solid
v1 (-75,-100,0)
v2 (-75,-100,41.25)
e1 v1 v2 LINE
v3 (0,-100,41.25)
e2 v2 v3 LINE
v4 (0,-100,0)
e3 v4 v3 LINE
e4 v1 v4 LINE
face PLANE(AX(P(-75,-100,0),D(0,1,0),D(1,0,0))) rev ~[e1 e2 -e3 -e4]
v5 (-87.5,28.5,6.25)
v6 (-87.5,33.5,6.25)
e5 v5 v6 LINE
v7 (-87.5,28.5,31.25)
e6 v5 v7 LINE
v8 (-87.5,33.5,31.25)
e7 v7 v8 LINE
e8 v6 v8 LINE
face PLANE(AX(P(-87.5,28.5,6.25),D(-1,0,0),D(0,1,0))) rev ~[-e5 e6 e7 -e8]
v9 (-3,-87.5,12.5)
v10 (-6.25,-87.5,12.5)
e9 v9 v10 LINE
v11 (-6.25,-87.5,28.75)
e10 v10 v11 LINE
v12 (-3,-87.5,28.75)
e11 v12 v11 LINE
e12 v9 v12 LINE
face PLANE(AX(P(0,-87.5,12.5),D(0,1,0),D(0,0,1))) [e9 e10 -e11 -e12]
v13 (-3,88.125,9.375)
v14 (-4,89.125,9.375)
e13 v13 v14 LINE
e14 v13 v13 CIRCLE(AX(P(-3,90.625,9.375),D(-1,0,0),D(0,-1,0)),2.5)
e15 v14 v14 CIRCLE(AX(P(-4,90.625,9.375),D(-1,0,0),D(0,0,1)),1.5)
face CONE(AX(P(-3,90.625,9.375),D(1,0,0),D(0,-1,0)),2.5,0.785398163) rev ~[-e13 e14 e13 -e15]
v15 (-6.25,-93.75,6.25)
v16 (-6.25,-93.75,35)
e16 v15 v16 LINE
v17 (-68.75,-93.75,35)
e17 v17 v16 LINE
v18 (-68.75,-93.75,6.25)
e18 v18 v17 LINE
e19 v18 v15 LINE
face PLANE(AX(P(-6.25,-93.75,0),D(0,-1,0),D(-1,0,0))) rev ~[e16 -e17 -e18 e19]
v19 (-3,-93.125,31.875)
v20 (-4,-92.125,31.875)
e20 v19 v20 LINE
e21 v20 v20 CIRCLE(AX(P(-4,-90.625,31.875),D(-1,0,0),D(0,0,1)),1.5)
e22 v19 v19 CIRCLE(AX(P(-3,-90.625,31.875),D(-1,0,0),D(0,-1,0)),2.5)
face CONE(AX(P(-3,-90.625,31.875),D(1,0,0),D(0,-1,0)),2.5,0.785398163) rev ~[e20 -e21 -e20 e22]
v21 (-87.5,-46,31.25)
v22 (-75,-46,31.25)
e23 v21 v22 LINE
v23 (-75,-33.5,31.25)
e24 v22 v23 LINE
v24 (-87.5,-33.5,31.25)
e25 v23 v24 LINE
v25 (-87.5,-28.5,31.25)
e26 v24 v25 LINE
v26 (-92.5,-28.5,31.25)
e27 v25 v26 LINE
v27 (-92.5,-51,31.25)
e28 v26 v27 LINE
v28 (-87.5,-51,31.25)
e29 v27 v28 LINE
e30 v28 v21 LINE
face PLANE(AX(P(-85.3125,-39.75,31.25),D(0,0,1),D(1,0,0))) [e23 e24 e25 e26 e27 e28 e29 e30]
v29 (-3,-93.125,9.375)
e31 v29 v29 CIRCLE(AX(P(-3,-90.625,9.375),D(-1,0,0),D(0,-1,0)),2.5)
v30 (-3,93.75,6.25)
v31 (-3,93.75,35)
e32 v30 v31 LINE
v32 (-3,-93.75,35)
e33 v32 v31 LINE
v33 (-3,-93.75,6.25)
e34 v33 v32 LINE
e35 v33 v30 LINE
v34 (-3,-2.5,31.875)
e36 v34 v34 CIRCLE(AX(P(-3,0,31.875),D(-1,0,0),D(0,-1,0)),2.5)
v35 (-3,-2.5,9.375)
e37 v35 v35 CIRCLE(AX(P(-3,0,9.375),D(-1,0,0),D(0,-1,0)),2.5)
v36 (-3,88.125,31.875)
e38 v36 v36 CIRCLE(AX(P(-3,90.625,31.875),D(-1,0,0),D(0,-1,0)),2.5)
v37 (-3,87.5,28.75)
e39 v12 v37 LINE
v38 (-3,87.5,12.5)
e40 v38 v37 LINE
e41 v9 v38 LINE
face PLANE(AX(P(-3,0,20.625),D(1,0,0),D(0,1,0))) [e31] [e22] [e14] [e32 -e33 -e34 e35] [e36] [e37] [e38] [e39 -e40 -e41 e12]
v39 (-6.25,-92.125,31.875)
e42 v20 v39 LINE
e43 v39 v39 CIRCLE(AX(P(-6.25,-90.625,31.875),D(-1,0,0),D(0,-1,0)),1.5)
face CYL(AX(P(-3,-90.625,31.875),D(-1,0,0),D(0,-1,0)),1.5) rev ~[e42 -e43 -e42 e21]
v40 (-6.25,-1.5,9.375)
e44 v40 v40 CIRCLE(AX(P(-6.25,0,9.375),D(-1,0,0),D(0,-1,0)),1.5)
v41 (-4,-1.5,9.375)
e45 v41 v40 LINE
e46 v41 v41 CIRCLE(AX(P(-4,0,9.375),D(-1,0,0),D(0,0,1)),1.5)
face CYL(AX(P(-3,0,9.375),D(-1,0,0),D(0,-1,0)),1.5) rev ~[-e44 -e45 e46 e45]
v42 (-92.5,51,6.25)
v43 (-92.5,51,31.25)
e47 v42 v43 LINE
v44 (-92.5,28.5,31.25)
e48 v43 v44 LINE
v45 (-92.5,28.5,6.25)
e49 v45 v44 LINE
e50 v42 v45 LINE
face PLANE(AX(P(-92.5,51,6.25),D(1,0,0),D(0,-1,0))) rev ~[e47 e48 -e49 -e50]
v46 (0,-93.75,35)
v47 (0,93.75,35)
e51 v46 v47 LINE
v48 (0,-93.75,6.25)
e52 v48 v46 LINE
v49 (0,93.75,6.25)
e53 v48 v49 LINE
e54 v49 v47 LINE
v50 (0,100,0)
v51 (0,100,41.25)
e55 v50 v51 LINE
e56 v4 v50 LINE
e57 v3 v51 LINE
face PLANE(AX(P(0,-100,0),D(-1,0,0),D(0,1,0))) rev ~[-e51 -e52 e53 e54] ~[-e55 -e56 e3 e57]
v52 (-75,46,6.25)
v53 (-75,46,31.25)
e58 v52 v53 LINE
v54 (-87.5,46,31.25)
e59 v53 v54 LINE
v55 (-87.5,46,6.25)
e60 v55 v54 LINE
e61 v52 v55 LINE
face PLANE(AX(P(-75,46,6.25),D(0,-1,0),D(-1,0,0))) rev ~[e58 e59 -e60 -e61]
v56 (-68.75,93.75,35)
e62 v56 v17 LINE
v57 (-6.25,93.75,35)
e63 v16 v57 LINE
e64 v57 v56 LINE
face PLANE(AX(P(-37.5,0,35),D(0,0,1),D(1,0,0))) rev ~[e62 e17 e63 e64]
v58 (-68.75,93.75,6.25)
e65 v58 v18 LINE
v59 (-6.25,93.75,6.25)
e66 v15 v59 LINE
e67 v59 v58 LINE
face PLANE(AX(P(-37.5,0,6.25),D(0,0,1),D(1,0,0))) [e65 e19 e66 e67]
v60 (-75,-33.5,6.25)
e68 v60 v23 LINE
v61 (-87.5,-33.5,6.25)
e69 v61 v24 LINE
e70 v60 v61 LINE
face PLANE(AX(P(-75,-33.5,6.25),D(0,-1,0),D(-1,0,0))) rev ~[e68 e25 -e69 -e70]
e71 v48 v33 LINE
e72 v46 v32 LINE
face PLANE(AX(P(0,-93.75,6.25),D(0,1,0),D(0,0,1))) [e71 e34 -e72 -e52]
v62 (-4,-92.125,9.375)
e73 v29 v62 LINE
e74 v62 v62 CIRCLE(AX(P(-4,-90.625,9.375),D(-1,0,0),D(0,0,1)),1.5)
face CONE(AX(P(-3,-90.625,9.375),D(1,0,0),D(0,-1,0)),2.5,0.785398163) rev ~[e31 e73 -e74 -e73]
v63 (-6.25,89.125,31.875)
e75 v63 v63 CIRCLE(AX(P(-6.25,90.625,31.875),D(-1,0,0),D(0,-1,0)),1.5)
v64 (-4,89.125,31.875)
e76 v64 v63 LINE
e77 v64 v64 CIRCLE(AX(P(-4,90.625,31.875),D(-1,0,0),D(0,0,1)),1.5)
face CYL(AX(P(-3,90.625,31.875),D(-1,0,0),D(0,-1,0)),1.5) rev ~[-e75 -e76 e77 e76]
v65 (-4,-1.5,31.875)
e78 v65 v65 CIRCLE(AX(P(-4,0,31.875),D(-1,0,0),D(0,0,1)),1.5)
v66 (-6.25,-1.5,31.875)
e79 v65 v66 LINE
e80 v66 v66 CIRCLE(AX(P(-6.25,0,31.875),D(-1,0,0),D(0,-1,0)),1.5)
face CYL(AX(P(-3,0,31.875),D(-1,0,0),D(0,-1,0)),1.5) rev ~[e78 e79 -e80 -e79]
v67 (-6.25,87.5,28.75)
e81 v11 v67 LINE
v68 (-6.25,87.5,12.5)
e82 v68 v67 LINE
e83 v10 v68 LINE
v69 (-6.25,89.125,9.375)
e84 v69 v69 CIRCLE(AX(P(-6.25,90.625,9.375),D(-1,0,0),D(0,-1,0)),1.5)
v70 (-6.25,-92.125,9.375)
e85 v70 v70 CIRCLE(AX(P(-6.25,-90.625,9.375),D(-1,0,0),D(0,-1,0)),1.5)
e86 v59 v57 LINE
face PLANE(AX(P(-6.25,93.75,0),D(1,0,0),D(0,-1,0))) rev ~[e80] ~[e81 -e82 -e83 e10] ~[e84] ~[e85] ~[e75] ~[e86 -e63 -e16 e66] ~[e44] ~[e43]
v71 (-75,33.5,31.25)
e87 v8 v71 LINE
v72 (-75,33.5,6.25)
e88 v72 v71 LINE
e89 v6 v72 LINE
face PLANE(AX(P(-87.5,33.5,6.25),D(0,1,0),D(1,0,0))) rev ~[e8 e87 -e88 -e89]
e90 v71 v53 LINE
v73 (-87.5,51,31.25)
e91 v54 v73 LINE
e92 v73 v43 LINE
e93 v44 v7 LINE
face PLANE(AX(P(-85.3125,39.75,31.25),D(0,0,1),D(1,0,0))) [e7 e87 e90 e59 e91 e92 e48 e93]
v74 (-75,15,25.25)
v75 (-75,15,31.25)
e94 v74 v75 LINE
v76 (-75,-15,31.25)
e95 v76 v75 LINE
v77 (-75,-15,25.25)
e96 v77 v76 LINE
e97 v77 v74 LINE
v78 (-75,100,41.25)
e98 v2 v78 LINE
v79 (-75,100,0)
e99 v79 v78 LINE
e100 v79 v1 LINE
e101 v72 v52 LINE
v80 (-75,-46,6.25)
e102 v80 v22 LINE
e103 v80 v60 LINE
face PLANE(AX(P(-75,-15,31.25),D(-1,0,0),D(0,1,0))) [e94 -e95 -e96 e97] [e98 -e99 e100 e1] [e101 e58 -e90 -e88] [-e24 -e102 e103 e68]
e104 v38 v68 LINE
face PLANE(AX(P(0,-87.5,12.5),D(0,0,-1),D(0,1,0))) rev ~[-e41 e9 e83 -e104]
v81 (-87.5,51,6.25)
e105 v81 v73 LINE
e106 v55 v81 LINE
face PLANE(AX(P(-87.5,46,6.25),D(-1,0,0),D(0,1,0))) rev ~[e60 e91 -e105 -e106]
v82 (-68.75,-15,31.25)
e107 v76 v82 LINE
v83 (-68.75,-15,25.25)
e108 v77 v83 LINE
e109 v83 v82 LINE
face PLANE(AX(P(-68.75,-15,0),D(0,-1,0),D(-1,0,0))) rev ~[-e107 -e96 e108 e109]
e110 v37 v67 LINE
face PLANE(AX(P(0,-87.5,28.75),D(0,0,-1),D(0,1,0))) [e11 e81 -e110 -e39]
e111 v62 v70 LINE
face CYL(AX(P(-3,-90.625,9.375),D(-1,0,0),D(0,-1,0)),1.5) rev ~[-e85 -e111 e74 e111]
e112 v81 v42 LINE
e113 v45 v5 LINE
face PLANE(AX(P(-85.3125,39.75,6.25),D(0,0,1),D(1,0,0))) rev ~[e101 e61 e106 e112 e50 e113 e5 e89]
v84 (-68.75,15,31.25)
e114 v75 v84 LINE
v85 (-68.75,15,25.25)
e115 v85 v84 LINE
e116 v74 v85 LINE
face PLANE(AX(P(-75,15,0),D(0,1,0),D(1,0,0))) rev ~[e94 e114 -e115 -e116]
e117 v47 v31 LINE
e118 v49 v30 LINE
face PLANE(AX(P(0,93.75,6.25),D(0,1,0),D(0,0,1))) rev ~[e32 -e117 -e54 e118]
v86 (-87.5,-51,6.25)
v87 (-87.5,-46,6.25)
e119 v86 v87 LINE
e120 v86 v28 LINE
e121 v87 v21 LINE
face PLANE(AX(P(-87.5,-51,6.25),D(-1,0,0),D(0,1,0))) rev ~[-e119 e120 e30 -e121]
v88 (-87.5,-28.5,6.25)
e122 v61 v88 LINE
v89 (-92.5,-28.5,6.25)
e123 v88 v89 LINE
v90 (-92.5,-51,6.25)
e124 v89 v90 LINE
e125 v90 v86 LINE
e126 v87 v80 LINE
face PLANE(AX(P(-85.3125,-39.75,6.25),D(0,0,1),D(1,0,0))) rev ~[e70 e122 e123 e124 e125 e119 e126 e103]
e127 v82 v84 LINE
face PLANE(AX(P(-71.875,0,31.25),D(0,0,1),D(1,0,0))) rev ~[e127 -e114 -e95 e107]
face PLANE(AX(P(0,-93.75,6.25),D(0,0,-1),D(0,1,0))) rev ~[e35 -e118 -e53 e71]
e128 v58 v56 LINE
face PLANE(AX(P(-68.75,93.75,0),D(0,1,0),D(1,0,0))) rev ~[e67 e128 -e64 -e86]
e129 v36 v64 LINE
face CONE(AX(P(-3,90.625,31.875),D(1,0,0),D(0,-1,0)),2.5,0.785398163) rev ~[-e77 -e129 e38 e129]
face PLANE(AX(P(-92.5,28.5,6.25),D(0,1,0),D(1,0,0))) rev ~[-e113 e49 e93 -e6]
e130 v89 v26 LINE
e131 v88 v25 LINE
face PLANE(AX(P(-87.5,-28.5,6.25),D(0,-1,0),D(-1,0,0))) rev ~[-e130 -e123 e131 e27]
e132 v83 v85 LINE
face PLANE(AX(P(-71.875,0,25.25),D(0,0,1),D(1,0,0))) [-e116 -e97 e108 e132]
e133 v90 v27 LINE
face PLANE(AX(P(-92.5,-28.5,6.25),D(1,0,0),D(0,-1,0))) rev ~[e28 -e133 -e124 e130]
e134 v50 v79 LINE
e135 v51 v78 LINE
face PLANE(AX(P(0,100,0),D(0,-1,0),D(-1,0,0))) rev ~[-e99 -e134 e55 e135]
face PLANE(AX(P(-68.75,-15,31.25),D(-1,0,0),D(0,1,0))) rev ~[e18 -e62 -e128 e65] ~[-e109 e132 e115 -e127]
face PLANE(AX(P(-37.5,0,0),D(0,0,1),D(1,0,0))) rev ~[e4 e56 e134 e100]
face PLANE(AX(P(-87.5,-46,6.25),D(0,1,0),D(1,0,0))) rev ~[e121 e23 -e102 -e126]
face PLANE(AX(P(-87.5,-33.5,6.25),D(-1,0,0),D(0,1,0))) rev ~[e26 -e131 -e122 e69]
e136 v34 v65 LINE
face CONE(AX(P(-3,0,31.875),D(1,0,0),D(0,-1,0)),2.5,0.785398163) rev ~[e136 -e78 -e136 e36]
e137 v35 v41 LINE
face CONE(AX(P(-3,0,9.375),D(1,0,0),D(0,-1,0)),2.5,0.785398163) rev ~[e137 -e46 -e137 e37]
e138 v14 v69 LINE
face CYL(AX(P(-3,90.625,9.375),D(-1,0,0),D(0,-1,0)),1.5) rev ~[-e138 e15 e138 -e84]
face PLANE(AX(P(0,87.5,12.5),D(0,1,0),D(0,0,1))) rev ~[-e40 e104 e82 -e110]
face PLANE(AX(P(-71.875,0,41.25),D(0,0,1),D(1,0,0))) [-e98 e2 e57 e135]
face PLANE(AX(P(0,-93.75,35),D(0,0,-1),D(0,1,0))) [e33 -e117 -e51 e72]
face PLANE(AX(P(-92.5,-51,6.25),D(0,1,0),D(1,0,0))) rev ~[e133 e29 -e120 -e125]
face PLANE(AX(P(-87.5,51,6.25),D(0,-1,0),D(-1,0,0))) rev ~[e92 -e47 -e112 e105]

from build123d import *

# Parameters (mm, degrees)
F1_DEPTH        = 41.25
F0_W            = 6.25
F0_H            = 30
F2_DEPTH        = 25.25
F3_START        = 6
F2_FACE_W       = 6.25
F2_FACE_H       = 30
F3_DEPTH        = 10
F4_START        = 6.25
F4_DEPTH        = 25
F5_START        = 35
F5_DEPTH        = 6.25
F6_DEPTH        = 6.25
F7_W            = 175
F7_H            = 16.25
F8_DEPTH        = 10
F7_W_2          = 187.5
F7_H_2          = 28.75
F9_DEPTH        = 3
F11_D           = 3
F11_DEPTH       = 12
F11_CSINK_D     = 5
F11_CSINK_ANGLE = 90
F11_TIP         = 0.9012909285


with BuildPart() as f1:
    # F0 (on Top) → F1 (new body)
    with BuildSketch(Plane.XY):
        Polygon((0, -100), (0, 100), (-75, 100), (-75, 46), (-75, 33.5), (-75, 15), (-68.75, 15), (-68.75, 93.75), (-6.25, 93.75), (-6.25, -93.75), (-68.75, -93.75), (-68.75, -15), (-75, -15), (-75, -33.5), (-75, -46), (-75, -100), align=None)
    extrude(amount=F1_DEPTH)

    # F0 (on Top) → F2 (join)
    with BuildSketch(Plane.XY):
        with Locations((-71.875, 0)):
            Rectangle(F0_W, F0_H)
    extrude(amount=F2_DEPTH)

    # F2_face (on face) → F3 (join)
    with BuildSketch(Plane(origin=(-71.875, 0, 25.25), x_dir=(1, 0, 0), z_dir=(0, 0, 1)).offset(F3_START)):
        Rectangle(F2_FACE_W, F2_FACE_H)
    extrude(amount=F3_DEPTH)

    # F0 (on Top) → F4 (join)
    with BuildSketch(Plane.XY.offset(F4_START)):
        Polygon((-75, 33.5), (-75, 46), (-87.5, 46), (-87.5, 51), (-92.5, 51), (-92.5, 28.5), (-87.5, 28.5), (-87.5, 33.5), align=None)
        Polygon((-87.5, -46), (-75, -46), (-75, -33.5), (-87.5, -33.5), (-87.5, -28.5), (-92.5, -28.5), (-92.5, -51), (-87.5, -51), align=None)
    extrude(amount=F4_DEPTH)

    # F0 (on Top) → F5 (join)
    with BuildSketch(Plane.XY.offset(F5_START)):
        Polygon((-68.75, 93.75), (-68.75, 15), (-68.75, -15), (-68.75, -93.75), (-6.25, -93.75), (-6.25, 93.75), align=None)
    extrude(amount=F5_DEPTH)

    # F0 (on Top) → F6 (join)
    with BuildSketch(Plane.XY):
        Polygon((-68.75, 93.75), (-68.75, 15), (-68.75, -15), (-68.75, -93.75), (-6.25, -93.75), (-6.25, 93.75), align=None)
    extrude(amount=F6_DEPTH)

    # F7 (on face) → F8 (cut)
    with BuildSketch(Plane.YZ):
        with Locations((0, 20.625)):
            Rectangle(F7_W, F7_H)
    extrude(amount=-F8_DEPTH, mode=Mode.SUBTRACT)

    # F7 (on face) → F9 (cut)
    with BuildSketch(Plane.YZ):
        with Locations((0, 20.625)):
            Rectangle(F7_W_2, F7_H_2)
        with Locations((0, 20.625)):
            Rectangle(F7_W, F7_H, mode=Mode.SUBTRACT)
    extrude(amount=-F9_DEPTH, mode=Mode.SUBTRACT)

    # F11
    with Locations(Plane.YZ.offset(-3)):
        with Locations((-90.625, 31.875), (0, 31.875), (90.625, 31.875), (90.625, 9.375), (0, 9.375), (-90.625, 9.375)):
            CounterSinkHole(F11_D / 2, F11_CSINK_D / 2, depth=F11_DEPTH, counter_sink_angle=F11_CSINK_ANGLE)
            with Locations((0, 0, -(F11_DEPTH + F11_TIP / 2))):  # 118° drill point
                Cone(0, F11_D / 2, F11_TIP, mode=Mode.SUBTRACT)


solid = f1.part
